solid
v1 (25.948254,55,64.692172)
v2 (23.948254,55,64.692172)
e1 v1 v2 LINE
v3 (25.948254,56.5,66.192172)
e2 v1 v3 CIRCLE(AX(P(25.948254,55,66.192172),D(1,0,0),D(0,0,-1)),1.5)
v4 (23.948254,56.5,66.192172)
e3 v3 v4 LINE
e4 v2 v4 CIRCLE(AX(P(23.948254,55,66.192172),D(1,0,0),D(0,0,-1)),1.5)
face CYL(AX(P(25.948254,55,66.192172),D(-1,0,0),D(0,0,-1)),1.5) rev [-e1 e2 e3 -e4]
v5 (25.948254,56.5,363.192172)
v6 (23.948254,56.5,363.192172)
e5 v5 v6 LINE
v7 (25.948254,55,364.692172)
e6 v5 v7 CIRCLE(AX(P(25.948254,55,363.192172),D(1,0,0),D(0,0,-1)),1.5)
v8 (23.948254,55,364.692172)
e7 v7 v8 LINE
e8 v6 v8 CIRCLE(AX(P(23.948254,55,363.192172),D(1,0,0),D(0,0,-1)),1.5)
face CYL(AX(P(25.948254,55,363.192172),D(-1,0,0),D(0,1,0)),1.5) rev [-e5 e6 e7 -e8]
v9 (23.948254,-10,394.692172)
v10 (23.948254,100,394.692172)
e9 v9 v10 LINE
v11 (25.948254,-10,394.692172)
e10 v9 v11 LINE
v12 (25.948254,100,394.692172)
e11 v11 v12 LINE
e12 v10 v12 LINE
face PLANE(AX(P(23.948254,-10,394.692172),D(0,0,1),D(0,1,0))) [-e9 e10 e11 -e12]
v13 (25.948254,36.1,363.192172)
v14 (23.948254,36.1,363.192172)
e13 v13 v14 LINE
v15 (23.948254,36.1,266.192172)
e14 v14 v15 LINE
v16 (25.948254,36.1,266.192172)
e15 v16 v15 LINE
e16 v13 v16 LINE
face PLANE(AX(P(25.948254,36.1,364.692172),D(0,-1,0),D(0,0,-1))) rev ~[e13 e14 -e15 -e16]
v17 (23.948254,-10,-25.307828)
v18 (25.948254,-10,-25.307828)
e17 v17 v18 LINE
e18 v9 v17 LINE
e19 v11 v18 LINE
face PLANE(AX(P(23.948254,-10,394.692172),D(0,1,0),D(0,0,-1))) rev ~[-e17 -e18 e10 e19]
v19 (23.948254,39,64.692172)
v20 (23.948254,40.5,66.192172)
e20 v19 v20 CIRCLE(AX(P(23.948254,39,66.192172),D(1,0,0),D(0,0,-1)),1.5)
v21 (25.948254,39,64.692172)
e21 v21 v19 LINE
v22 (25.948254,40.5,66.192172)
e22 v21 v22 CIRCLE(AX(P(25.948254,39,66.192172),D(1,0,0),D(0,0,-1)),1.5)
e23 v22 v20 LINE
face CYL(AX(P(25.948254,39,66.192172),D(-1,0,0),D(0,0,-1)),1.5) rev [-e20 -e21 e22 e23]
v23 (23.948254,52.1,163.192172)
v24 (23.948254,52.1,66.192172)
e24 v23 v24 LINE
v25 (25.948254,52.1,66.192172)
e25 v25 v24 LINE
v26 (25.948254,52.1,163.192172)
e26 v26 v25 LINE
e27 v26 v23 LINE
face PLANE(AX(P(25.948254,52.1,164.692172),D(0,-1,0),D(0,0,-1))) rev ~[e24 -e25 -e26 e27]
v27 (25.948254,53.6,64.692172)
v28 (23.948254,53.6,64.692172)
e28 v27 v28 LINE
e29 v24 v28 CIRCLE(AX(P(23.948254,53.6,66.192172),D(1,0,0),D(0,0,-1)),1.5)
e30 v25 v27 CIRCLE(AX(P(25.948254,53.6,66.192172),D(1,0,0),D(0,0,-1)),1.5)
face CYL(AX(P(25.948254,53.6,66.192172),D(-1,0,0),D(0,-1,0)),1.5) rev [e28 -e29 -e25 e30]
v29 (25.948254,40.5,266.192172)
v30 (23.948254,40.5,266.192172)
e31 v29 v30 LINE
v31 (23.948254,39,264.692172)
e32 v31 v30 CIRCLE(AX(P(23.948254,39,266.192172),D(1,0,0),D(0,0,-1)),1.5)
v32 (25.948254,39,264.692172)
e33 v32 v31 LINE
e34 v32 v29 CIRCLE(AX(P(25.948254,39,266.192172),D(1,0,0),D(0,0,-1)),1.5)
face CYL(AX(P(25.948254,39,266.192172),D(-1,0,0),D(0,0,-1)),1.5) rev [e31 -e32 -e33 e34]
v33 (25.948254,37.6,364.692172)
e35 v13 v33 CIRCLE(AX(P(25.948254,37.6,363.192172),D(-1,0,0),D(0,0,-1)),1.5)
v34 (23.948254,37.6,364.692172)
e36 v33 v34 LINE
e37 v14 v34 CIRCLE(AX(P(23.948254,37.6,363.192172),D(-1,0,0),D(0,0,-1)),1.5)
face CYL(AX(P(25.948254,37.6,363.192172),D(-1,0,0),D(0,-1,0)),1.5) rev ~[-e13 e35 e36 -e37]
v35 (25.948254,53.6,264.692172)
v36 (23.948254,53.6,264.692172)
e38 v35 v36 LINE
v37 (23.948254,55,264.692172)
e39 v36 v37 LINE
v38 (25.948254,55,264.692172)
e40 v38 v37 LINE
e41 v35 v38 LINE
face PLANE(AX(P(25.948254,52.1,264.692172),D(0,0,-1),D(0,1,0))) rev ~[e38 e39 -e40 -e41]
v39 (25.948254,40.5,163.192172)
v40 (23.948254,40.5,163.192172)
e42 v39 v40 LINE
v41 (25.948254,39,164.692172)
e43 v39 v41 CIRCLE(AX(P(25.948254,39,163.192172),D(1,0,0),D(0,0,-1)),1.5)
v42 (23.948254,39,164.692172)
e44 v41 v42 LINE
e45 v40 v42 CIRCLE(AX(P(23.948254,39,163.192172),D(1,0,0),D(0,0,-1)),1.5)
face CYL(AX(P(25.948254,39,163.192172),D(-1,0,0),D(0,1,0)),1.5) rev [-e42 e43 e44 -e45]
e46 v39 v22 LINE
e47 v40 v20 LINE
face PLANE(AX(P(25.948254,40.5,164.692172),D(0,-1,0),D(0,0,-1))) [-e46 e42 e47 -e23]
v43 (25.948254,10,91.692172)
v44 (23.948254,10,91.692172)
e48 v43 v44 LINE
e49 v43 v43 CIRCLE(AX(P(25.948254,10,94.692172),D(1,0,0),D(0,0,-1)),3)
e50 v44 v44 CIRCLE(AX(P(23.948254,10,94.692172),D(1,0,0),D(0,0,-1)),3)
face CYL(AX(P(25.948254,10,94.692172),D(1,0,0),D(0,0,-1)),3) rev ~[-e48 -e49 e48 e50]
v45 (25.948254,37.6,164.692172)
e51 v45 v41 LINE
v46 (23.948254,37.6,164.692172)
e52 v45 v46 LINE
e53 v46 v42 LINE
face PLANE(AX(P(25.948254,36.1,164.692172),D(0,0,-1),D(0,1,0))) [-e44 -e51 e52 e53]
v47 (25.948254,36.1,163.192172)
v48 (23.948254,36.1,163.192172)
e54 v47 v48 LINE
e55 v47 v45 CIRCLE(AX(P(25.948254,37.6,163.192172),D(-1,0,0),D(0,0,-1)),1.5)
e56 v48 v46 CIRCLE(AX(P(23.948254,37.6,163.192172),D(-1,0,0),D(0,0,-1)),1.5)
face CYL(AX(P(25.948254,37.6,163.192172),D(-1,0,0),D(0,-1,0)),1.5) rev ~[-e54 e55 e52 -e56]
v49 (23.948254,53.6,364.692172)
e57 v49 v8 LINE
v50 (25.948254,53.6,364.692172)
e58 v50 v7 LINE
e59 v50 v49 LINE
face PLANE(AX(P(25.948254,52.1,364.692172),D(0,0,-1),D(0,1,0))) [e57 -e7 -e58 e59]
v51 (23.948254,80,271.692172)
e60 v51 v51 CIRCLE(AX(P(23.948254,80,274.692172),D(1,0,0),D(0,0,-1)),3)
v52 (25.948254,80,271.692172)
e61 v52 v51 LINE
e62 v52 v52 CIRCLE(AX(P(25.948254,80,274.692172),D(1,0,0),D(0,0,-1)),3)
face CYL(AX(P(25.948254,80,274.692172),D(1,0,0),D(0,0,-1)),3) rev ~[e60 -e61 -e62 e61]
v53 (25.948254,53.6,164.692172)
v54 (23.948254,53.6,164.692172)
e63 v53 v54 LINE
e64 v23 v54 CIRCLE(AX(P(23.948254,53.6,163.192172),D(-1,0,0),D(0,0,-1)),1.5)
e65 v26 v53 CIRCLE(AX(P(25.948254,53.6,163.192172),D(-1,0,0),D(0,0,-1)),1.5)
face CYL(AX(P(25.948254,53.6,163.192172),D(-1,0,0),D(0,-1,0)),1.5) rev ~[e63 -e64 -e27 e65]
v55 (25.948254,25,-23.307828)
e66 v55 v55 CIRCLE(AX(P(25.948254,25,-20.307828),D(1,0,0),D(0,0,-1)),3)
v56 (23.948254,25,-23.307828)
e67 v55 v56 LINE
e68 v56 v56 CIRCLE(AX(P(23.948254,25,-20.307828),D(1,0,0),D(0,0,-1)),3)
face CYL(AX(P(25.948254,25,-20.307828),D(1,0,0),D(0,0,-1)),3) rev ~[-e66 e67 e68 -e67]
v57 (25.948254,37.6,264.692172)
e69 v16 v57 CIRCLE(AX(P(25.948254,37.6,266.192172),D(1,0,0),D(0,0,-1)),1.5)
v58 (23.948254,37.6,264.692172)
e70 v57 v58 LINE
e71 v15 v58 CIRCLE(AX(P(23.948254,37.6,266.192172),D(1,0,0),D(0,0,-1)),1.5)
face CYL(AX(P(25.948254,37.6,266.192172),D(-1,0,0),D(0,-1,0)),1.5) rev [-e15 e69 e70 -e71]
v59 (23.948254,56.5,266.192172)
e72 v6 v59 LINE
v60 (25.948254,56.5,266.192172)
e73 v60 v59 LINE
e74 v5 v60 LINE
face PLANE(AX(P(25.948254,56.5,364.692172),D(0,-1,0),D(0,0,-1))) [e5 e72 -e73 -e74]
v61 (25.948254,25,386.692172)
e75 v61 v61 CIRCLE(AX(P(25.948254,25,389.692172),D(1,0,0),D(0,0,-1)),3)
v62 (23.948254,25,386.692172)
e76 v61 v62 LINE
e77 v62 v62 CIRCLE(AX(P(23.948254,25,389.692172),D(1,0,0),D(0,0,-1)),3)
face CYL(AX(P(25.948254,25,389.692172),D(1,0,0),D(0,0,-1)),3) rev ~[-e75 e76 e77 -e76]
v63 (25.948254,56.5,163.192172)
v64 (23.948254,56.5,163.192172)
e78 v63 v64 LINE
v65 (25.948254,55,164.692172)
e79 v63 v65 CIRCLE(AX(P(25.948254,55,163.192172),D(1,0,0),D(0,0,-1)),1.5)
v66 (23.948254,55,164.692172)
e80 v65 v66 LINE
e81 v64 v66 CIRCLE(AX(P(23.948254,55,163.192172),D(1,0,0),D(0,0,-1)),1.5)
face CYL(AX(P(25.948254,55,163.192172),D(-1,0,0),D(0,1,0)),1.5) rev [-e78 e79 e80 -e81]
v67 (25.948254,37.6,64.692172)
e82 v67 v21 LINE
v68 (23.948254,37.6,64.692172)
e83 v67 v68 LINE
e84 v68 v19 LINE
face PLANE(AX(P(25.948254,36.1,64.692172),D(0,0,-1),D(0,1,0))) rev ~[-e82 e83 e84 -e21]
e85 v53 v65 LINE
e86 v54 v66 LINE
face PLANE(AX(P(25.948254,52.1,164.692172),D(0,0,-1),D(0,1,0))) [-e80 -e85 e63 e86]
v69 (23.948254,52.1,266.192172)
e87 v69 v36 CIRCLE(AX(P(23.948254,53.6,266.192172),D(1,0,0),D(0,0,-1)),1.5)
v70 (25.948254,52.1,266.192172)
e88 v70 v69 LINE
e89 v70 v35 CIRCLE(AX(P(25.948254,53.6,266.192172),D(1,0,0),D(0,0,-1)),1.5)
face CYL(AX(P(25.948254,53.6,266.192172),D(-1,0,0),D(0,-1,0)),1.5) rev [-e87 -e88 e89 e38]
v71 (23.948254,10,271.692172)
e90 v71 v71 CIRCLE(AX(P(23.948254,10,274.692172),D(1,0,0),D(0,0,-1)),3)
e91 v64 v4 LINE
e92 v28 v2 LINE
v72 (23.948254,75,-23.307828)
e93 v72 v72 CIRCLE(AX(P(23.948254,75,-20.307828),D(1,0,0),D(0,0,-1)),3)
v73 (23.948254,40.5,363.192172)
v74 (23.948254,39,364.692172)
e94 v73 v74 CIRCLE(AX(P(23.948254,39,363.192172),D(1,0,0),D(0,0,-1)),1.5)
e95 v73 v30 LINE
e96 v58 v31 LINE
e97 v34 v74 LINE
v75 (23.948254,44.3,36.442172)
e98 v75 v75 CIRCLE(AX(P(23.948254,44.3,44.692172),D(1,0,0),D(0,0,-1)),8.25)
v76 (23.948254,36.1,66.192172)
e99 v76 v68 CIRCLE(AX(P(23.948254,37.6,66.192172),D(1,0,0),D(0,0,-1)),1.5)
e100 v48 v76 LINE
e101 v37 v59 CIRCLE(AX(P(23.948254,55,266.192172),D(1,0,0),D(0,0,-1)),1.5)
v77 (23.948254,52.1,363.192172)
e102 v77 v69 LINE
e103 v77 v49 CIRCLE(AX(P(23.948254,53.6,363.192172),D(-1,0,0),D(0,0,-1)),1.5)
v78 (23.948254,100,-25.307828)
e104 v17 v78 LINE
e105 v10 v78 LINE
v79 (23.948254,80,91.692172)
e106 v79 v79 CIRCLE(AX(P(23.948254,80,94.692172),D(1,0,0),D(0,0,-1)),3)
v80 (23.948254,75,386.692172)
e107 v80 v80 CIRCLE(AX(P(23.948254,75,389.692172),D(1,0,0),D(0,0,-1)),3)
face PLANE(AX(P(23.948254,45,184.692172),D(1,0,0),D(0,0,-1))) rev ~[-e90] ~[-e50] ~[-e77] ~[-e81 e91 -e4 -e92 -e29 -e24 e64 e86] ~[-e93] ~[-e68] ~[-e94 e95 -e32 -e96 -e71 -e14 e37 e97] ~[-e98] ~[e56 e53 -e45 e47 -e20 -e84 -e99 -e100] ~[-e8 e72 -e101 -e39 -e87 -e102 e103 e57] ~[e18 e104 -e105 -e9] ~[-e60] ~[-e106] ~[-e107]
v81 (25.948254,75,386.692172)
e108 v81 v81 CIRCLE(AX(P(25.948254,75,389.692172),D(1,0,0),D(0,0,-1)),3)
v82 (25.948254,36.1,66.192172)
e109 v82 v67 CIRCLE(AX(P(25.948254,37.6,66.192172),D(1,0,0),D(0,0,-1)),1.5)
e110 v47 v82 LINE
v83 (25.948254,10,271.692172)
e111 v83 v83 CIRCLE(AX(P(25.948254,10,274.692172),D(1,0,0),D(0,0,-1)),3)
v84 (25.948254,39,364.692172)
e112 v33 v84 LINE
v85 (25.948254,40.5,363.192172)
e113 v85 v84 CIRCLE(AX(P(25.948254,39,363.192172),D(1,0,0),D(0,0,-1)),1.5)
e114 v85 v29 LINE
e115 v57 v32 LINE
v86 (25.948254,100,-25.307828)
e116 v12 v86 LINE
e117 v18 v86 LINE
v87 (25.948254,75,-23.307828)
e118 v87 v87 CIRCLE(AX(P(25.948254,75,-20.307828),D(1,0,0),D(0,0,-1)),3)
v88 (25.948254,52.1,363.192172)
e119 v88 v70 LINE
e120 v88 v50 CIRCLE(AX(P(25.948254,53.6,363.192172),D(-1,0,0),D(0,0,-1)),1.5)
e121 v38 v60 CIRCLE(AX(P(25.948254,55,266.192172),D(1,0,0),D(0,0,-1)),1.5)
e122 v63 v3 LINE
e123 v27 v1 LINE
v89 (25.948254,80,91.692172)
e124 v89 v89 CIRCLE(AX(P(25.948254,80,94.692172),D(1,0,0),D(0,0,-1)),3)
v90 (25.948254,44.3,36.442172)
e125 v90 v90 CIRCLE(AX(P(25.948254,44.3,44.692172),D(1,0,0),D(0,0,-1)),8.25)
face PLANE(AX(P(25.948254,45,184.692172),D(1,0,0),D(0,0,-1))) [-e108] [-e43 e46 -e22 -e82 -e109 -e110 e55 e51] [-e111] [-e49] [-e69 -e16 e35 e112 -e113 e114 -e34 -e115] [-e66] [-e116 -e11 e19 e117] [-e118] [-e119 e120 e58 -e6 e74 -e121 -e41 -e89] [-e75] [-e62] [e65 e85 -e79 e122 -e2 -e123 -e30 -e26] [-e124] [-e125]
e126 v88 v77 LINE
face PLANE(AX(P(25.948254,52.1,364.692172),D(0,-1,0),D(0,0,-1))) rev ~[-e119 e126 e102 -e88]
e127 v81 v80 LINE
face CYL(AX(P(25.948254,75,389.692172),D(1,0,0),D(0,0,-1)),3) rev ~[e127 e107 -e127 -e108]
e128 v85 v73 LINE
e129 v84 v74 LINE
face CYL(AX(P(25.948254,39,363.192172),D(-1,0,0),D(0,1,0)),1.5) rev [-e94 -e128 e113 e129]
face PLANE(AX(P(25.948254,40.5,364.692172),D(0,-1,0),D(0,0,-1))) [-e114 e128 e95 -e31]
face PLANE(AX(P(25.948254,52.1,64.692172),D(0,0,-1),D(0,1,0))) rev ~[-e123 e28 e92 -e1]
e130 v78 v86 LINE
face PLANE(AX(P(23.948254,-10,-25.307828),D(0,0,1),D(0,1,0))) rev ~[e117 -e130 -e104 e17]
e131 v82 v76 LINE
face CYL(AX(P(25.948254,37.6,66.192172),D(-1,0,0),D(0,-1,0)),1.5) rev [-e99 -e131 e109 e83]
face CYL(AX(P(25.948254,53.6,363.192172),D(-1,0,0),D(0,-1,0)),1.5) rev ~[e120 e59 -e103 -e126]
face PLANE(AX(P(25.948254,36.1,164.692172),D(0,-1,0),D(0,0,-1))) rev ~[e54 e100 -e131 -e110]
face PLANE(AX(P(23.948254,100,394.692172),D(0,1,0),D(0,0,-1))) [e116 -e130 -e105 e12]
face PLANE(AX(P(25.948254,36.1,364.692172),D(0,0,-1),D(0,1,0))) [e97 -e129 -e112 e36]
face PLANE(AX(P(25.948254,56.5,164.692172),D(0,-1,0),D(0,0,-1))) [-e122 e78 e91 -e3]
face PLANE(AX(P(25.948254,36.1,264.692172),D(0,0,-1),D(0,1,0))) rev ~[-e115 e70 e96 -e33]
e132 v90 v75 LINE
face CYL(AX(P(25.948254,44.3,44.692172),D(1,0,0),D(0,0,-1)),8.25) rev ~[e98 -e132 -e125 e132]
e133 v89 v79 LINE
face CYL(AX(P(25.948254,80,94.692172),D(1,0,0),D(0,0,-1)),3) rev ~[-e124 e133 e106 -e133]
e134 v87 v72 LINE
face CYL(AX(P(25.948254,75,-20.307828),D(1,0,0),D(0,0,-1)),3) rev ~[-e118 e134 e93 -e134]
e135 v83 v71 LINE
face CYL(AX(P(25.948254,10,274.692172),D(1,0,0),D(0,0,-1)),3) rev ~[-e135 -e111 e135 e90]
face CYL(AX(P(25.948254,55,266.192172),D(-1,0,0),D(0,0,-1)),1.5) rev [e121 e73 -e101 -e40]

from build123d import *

# Parameters (mm, degrees)
SKETCH1_W           = 420
SKETCH1_H           = 110
BOSS_EXTRUDE1_DEPTH = 2
SKETCH2_W           = 100
SKETCH2_H           = 4.4
CUT_EXTRUDE1_DEPTH  = 2
FILLET1_R           = 1.5
CUT_EXTRUDE2_REACH  = 4
SKETCH3_R           = 3
CUT_EXTRUDE3_REACH  = 4
SKETCH4_R           = 3
SKETCH4_R_2         = 8.25


with BuildPart() as part:
    # Sketch1 → Boss-Extrude1 (new body)
    with BuildSketch(Plane(origin=(23.948254466, 0, 0), x_dir=(0, 0, -1), z_dir=(1, 0, 0))):
        with Locations((-184.692172039, 45)):
            Rectangle(SKETCH1_W, SKETCH1_H)
    extrude(amount=BOSS_EXTRUDE1_DEPTH)

    # Sketch2 → Cut-Extrude1 (cut)
    with BuildSketch(Plane(origin=(25.948254466, 0, 0), x_dir=(0, 0, -1), z_dir=(1, 0, 0))):
        with Locations((-314.692172039, 54.3)):
            Rectangle(SKETCH2_W, SKETCH2_H)
        with Locations((-314.692172039, 38.3)):
            Rectangle(SKETCH2_W, SKETCH2_H)
        with Locations((-114.692172039, 54.3)):
            Rectangle(SKETCH2_W, SKETCH2_H)
        with Locations((-114.692172039, 38.3)):
            Rectangle(SKETCH2_W, SKETCH2_H)
    extrude(amount=-CUT_EXTRUDE1_DEPTH, mode=Mode.SUBTRACT)

    # Fillet1
    fillet1_edges = [part.edges().sort_by_distance(p)[0] for p in [
        (24.948254466, 52.1, 364.692172039),
        (24.948254466, 56.5, 364.692172039),
        (24.948254466, 56.5, 264.692172039),
        (24.948254466, 52.1, 264.692172039),
        (24.948254466, 36.1, 364.692172039),
        (24.948254466, 40.5, 364.692172039),
        (24.948254466, 40.5, 264.692172039),
        (24.948254466, 36.1, 264.692172039),
        (24.948254466, 56.5, 64.692172039),
        (24.948254466, 52.1, 64.692172039),
        (24.948254466, 52.1, 164.692172039),
        (24.948254466, 56.5, 164.692172039),
        (24.948254466, 36.1, 164.692172039),
        (24.948254466, 40.5, 164.692172039),
        (24.948254466, 40.5, 64.692172039),
        (24.948254466, 36.1, 64.692172039),
    ]]
    fillet(fillet1_edges, radius=FILLET1_R)

    # Sketch3 → Cut-Extrude2 (cut, up to next)
    with BuildSketch(Plane(origin=(25.948254466, 0, 0), x_dir=(0, 0, -1), z_dir=(1, 0, 0)), mode=Mode.PRIVATE) as cut_extrude2_sk1:
        with Locations((-389.692172039, 75)):
            Circle(SKETCH3_R)
    cut_extrude2_tool1 = extrude(cut_extrude2_sk1.sketch, amount=-CUT_EXTRUDE2_REACH, mode=Mode.PRIVATE) & part.part
    add(cut_extrude2_tool1.solids().sort_by_distance((25.948254, 75, 389.692172))[0], mode=Mode.SUBTRACT)
    # Sketch3 → Cut-Extrude2 (cut, up to next)
    with BuildSketch(Plane(origin=(25.948254466, 0, 0), x_dir=(0, 0, -1), z_dir=(1, 0, 0)), mode=Mode.PRIVATE) as cut_extrude2_sk2:
        with Locations((-389.692172039, 25)):
            Circle(SKETCH3_R)
    cut_extrude2_tool2 = extrude(cut_extrude2_sk2.sketch, amount=-CUT_EXTRUDE2_REACH, mode=Mode.PRIVATE) & part.part
    add(cut_extrude2_tool2.solids().sort_by_distance((25.948254, 25, 389.692172))[0], mode=Mode.SUBTRACT)
    # Sketch3 → Cut-Extrude2 (cut, up to next)
    with BuildSketch(Plane(origin=(25.948254466, 0, 0), x_dir=(0, 0, -1), z_dir=(1, 0, 0)), mode=Mode.PRIVATE) as cut_extrude2_sk3:
        with Locations((20.307827961, 75)):
            Circle(SKETCH3_R)
    cut_extrude2_tool3 = extrude(cut_extrude2_sk3.sketch, amount=-CUT_EXTRUDE2_REACH, mode=Mode.PRIVATE) & part.part
    add(cut_extrude2_tool3.solids().sort_by_distance((25.948254, 75, -20.307828))[0], mode=Mode.SUBTRACT)
    # Sketch3 → Cut-Extrude2 (cut, up to next)
    with BuildSketch(Plane(origin=(25.948254466, 0, 0), x_dir=(0, 0, -1), z_dir=(1, 0, 0)), mode=Mode.PRIVATE) as cut_extrude2_sk4:
        with Locations((20.307827961, 25)):
            Circle(SKETCH3_R)
    cut_extrude2_tool4 = extrude(cut_extrude2_sk4.sketch, amount=-CUT_EXTRUDE2_REACH, mode=Mode.PRIVATE) & part.part
    add(cut_extrude2_tool4.solids().sort_by_distance((25.948254, 25, -20.307828))[0], mode=Mode.SUBTRACT)

    # Sketch4 → Cut-Extrude3 (cut, up to next)
    with BuildSketch(Plane(origin=(25.948254466, 0, 0), x_dir=(0, 0, -1), z_dir=(1, 0, 0)), mode=Mode.PRIVATE) as cut_extrude3_sk1:
        with Locations((-274.692172039, 10)):
            Circle(SKETCH4_R)
    cut_extrude3_tool1 = extrude(cut_extrude3_sk1.sketch, amount=-CUT_EXTRUDE3_REACH, mode=Mode.PRIVATE) & part.part
    add(cut_extrude3_tool1.solids().sort_by_distance((25.948254, 10, 274.692172))[0], mode=Mode.SUBTRACT)
    # Sketch4 → Cut-Extrude3 (cut, up to next)
    with BuildSketch(Plane(origin=(25.948254466, 0, 0), x_dir=(0, 0, -1), z_dir=(1, 0, 0)), mode=Mode.PRIVATE) as cut_extrude3_sk2:
        with Locations((-94.692172039, 10)):
            Circle(SKETCH4_R)
    cut_extrude3_tool2 = extrude(cut_extrude3_sk2.sketch, amount=-CUT_EXTRUDE3_REACH, mode=Mode.PRIVATE) & part.part
    add(cut_extrude3_tool2.solids().sort_by_distance((25.948254, 10, 94.692172))[0], mode=Mode.SUBTRACT)
    # Sketch4 → Cut-Extrude3 (cut, up to next)
    with BuildSketch(Plane(origin=(25.948254466, 0, 0), x_dir=(0, 0, -1), z_dir=(1, 0, 0)), mode=Mode.PRIVATE) as cut_extrude3_sk3:
        with Locations((-44.692172039, 44.3)):
            Circle(SKETCH4_R_2)
    cut_extrude3_tool3 = extrude(cut_extrude3_sk3.sketch, amount=-CUT_EXTRUDE3_REACH, mode=Mode.PRIVATE) & part.part
    add(cut_extrude3_tool3.solids().sort_by_distance((25.948254, 44.3, 44.692172))[0], mode=Mode.SUBTRACT)
    # Sketch4 → Cut-Extrude3 (cut, up to next)
    with BuildSketch(Plane(origin=(25.948254466, 0, 0), x_dir=(0, 0, -1), z_dir=(1, 0, 0)), mode=Mode.PRIVATE) as cut_extrude3_sk4:
        with Locations((-274.692172039, 80)):
            Circle(SKETCH4_R)
    cut_extrude3_tool4 = extrude(cut_extrude3_sk4.sketch, amount=-CUT_EXTRUDE3_REACH, mode=Mode.PRIVATE) & part.part
    add(cut_extrude3_tool4.solids().sort_by_distance((25.948254, 80, 274.692172))[0], mode=Mode.SUBTRACT)
    # Sketch4 → Cut-Extrude3 (cut, up to next)
    with BuildSketch(Plane(origin=(25.948254466, 0, 0), x_dir=(0, 0, -1), z_dir=(1, 0, 0)), mode=Mode.PRIVATE) as cut_extrude3_sk5:
        with Locations((-94.692172039, 80)):
            Circle(SKETCH4_R)
    cut_extrude3_tool5 = extrude(cut_extrude3_sk5.sketch, amount=-CUT_EXTRUDE3_REACH, mode=Mode.PRIVATE) & part.part
    add(cut_extrude3_tool5.solids().sort_by_distance((25.948254, 80, 94.692172))[0], mode=Mode.SUBTRACT)


solid = part.part
